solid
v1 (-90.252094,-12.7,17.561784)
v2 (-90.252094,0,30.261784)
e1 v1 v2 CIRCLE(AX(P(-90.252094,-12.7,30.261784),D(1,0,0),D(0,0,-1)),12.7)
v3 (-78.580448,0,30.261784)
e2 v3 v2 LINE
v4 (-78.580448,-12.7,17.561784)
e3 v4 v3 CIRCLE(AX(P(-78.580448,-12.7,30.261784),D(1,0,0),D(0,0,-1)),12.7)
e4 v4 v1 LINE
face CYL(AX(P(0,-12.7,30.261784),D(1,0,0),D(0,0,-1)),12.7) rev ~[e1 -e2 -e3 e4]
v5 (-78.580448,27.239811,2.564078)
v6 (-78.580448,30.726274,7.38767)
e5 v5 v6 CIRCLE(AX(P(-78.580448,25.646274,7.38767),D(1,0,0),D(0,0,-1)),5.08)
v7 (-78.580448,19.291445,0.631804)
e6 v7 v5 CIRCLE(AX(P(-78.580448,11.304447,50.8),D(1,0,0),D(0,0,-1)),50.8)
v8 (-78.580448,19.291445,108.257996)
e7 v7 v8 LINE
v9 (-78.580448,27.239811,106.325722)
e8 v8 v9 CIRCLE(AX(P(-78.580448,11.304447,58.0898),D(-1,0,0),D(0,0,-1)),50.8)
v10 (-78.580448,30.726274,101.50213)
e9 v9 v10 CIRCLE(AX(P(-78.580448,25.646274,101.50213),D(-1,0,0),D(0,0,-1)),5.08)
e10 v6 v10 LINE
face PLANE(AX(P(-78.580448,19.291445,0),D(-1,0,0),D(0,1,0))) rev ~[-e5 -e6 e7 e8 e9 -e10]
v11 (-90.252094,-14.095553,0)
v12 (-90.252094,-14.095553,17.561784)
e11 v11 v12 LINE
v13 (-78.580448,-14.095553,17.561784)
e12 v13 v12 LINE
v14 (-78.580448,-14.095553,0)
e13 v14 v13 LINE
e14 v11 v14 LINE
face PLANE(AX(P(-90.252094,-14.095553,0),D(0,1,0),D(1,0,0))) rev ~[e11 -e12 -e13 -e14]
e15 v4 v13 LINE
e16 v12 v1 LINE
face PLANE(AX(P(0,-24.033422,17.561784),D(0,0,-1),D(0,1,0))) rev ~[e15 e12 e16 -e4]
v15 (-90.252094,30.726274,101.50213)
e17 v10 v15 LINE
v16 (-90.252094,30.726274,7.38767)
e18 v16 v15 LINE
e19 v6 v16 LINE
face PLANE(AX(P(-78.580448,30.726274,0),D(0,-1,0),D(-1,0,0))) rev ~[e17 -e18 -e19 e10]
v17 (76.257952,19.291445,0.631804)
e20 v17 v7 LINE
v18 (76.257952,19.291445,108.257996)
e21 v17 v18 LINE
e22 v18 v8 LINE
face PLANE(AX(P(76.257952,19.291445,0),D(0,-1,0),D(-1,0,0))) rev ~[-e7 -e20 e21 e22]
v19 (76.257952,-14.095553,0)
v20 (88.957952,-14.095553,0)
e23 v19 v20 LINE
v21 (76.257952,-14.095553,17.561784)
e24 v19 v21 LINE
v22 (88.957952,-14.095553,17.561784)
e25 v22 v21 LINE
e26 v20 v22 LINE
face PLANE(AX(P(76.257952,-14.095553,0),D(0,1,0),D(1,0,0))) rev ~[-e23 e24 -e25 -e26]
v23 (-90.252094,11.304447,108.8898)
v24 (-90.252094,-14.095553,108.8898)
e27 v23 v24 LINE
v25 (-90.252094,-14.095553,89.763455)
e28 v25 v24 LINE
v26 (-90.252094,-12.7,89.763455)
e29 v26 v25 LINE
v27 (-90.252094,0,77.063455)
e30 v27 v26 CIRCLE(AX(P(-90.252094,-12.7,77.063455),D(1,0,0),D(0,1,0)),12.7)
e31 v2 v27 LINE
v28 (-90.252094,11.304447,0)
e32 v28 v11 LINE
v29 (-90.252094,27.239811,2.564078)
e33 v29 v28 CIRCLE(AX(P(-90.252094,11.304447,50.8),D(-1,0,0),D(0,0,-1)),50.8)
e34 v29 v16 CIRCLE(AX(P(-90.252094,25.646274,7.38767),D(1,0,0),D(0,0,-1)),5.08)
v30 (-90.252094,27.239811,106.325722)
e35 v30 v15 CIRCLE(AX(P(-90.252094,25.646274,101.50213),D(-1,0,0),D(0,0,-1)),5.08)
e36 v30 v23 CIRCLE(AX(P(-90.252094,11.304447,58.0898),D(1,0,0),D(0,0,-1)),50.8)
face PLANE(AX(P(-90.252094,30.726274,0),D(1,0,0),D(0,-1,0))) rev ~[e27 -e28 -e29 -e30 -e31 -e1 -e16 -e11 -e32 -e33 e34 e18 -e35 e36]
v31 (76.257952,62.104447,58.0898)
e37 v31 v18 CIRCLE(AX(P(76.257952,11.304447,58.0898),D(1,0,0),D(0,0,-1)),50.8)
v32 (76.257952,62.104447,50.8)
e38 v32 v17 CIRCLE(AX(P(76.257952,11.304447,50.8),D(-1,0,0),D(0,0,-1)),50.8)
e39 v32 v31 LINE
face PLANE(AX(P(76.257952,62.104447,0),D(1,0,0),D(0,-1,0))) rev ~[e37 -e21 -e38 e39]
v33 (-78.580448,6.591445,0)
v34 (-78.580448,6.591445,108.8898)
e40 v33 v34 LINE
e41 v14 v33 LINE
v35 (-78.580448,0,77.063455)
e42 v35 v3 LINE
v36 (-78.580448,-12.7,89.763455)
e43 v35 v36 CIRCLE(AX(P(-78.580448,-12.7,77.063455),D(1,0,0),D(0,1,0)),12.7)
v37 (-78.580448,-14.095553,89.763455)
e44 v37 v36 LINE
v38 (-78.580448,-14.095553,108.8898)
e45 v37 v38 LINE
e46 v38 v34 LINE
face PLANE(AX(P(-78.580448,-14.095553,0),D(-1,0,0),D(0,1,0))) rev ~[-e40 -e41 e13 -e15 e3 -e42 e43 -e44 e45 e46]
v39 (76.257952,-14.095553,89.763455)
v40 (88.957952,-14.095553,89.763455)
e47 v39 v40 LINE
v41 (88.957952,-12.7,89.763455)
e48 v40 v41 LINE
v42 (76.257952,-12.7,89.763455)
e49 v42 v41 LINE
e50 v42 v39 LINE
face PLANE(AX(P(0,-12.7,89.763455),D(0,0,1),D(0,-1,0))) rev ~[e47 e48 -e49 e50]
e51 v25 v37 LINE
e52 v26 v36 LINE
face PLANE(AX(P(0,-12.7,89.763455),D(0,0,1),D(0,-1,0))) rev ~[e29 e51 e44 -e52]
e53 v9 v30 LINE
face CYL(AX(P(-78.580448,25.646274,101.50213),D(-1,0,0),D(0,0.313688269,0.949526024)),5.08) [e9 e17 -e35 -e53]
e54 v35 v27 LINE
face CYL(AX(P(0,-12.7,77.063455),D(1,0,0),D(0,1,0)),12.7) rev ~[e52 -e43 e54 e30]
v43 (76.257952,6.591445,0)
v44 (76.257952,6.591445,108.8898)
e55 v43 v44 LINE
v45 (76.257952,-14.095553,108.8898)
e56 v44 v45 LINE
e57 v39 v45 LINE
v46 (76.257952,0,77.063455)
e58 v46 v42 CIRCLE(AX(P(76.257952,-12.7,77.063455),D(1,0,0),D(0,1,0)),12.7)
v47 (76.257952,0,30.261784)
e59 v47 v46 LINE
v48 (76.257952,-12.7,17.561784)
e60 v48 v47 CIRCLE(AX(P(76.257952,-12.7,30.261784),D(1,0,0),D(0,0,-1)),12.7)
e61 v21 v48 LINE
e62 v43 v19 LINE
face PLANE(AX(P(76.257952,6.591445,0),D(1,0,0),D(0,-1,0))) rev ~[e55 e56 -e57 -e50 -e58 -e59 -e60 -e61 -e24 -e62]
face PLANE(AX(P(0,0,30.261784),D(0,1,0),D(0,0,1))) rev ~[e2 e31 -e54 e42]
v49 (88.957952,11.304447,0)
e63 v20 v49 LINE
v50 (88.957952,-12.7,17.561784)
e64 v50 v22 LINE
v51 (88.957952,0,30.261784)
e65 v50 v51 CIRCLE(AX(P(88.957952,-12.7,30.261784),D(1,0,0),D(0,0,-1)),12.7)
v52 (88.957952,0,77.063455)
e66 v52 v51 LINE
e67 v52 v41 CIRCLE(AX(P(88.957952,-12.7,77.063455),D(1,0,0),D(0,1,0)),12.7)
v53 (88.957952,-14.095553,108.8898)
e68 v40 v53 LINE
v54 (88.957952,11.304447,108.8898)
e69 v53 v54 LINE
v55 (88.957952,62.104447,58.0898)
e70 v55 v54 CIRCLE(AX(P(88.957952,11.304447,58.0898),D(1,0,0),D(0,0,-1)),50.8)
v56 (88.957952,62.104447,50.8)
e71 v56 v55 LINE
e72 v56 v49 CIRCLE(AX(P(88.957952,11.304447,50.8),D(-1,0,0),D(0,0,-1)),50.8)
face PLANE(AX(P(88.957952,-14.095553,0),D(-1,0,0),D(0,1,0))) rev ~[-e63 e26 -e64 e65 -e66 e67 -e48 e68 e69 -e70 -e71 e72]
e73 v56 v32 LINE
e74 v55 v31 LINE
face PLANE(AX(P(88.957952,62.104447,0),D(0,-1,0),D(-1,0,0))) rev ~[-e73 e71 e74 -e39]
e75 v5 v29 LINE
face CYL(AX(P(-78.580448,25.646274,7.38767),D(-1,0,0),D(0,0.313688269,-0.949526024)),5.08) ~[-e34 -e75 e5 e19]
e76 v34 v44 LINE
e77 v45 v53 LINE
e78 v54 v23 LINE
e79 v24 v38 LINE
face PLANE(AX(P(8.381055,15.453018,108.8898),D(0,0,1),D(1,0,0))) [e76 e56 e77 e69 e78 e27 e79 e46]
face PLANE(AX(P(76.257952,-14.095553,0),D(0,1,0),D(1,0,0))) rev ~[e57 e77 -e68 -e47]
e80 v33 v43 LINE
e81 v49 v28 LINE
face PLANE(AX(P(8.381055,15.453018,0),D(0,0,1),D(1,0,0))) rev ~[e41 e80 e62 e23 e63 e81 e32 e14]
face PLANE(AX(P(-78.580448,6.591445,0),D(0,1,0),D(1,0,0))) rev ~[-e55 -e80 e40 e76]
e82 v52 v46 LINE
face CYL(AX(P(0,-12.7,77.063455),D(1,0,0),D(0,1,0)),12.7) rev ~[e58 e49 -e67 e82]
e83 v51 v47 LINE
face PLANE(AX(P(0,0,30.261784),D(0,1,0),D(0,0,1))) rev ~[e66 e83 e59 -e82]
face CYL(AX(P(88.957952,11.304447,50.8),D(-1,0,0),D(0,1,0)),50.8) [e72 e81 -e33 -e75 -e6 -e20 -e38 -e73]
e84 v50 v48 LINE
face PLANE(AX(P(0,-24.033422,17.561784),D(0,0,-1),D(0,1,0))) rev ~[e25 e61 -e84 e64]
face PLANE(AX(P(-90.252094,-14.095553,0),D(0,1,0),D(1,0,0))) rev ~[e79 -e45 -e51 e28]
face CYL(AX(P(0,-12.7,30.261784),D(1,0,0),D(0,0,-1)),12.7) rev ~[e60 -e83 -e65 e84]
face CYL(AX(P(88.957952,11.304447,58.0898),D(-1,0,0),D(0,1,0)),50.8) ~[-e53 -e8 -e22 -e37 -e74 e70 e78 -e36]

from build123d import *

# Parameters (mm, degrees)
F1_DEPTH = 108.8898
F2_R     = 50.8
F3_R     = 5.08
F5_DEPTH = 635


with BuildPart() as f1:
    # F0 (on Top) → F1 (new body)
    with BuildSketch(Plane.XY):
        Polygon((76.2579515576, 19.2914448351), (-78.5804484424, 19.2914448351), (-78.5804484424, 30.7262744755), (-90.2520939708, 30.7262744755), (-90.2520939708, -14.095553197), (-78.5804484424, -14.095553197), (-78.5804484424, 6.5914448351), (76.2579515576, 6.5914448351), (76.2579515576, -14.095553197), (88.9579515576, -14.095553197), (88.9579515576, 62.104446803), (76.2579515576, 62.104446803), align=None)
    extrude(amount=F1_DEPTH)

    # F2
    f2_edges = [f1.edges().sort_by_distance(p)[0] for p in [
        (82.607952, 62.104447, 108.8898),
        (82.607952, 62.104447, 0),
    ]]
    fillet(f2_edges, radius=F2_R)

    # F3
    f3_edges = [f1.edges().sort_by_distance(p)[0] for p in [
        (-84.416271, 30.726274, 105.030535),
        (-84.416271, 30.726274, 3.859265),
    ]]
    fillet(f3_edges, radius=F3_R)

    # F4 (on Right) → F5 (cut, symmetric)
    with BuildSketch(Plane.YZ):
        with BuildLine():
            ThreePointArc((0, 77.0634550929), (-3.7197438789, 86.043711214), (-12.7, 89.7634550929))
            Line((-12.7, 89.7634550929), (-24.0334216505, 89.7634550929))
            Line((-24.0334216505, 89.7634550929), (-24.0334216505, 17.5617840141))
            Line((-24.0334216505, 17.5617840141), (-12.7, 17.5617840141))
            ThreePointArc((-12.7, 17.5617840141), (-3.7197438789, 21.281527893), (0, 30.2617840141))
            Line((0, 30.2617840141), (0, 77.0634550929))
        make_face()
    extrude(amount=F5_DEPTH, both=True, mode=Mode.SUBTRACT)


solid = f1.part
